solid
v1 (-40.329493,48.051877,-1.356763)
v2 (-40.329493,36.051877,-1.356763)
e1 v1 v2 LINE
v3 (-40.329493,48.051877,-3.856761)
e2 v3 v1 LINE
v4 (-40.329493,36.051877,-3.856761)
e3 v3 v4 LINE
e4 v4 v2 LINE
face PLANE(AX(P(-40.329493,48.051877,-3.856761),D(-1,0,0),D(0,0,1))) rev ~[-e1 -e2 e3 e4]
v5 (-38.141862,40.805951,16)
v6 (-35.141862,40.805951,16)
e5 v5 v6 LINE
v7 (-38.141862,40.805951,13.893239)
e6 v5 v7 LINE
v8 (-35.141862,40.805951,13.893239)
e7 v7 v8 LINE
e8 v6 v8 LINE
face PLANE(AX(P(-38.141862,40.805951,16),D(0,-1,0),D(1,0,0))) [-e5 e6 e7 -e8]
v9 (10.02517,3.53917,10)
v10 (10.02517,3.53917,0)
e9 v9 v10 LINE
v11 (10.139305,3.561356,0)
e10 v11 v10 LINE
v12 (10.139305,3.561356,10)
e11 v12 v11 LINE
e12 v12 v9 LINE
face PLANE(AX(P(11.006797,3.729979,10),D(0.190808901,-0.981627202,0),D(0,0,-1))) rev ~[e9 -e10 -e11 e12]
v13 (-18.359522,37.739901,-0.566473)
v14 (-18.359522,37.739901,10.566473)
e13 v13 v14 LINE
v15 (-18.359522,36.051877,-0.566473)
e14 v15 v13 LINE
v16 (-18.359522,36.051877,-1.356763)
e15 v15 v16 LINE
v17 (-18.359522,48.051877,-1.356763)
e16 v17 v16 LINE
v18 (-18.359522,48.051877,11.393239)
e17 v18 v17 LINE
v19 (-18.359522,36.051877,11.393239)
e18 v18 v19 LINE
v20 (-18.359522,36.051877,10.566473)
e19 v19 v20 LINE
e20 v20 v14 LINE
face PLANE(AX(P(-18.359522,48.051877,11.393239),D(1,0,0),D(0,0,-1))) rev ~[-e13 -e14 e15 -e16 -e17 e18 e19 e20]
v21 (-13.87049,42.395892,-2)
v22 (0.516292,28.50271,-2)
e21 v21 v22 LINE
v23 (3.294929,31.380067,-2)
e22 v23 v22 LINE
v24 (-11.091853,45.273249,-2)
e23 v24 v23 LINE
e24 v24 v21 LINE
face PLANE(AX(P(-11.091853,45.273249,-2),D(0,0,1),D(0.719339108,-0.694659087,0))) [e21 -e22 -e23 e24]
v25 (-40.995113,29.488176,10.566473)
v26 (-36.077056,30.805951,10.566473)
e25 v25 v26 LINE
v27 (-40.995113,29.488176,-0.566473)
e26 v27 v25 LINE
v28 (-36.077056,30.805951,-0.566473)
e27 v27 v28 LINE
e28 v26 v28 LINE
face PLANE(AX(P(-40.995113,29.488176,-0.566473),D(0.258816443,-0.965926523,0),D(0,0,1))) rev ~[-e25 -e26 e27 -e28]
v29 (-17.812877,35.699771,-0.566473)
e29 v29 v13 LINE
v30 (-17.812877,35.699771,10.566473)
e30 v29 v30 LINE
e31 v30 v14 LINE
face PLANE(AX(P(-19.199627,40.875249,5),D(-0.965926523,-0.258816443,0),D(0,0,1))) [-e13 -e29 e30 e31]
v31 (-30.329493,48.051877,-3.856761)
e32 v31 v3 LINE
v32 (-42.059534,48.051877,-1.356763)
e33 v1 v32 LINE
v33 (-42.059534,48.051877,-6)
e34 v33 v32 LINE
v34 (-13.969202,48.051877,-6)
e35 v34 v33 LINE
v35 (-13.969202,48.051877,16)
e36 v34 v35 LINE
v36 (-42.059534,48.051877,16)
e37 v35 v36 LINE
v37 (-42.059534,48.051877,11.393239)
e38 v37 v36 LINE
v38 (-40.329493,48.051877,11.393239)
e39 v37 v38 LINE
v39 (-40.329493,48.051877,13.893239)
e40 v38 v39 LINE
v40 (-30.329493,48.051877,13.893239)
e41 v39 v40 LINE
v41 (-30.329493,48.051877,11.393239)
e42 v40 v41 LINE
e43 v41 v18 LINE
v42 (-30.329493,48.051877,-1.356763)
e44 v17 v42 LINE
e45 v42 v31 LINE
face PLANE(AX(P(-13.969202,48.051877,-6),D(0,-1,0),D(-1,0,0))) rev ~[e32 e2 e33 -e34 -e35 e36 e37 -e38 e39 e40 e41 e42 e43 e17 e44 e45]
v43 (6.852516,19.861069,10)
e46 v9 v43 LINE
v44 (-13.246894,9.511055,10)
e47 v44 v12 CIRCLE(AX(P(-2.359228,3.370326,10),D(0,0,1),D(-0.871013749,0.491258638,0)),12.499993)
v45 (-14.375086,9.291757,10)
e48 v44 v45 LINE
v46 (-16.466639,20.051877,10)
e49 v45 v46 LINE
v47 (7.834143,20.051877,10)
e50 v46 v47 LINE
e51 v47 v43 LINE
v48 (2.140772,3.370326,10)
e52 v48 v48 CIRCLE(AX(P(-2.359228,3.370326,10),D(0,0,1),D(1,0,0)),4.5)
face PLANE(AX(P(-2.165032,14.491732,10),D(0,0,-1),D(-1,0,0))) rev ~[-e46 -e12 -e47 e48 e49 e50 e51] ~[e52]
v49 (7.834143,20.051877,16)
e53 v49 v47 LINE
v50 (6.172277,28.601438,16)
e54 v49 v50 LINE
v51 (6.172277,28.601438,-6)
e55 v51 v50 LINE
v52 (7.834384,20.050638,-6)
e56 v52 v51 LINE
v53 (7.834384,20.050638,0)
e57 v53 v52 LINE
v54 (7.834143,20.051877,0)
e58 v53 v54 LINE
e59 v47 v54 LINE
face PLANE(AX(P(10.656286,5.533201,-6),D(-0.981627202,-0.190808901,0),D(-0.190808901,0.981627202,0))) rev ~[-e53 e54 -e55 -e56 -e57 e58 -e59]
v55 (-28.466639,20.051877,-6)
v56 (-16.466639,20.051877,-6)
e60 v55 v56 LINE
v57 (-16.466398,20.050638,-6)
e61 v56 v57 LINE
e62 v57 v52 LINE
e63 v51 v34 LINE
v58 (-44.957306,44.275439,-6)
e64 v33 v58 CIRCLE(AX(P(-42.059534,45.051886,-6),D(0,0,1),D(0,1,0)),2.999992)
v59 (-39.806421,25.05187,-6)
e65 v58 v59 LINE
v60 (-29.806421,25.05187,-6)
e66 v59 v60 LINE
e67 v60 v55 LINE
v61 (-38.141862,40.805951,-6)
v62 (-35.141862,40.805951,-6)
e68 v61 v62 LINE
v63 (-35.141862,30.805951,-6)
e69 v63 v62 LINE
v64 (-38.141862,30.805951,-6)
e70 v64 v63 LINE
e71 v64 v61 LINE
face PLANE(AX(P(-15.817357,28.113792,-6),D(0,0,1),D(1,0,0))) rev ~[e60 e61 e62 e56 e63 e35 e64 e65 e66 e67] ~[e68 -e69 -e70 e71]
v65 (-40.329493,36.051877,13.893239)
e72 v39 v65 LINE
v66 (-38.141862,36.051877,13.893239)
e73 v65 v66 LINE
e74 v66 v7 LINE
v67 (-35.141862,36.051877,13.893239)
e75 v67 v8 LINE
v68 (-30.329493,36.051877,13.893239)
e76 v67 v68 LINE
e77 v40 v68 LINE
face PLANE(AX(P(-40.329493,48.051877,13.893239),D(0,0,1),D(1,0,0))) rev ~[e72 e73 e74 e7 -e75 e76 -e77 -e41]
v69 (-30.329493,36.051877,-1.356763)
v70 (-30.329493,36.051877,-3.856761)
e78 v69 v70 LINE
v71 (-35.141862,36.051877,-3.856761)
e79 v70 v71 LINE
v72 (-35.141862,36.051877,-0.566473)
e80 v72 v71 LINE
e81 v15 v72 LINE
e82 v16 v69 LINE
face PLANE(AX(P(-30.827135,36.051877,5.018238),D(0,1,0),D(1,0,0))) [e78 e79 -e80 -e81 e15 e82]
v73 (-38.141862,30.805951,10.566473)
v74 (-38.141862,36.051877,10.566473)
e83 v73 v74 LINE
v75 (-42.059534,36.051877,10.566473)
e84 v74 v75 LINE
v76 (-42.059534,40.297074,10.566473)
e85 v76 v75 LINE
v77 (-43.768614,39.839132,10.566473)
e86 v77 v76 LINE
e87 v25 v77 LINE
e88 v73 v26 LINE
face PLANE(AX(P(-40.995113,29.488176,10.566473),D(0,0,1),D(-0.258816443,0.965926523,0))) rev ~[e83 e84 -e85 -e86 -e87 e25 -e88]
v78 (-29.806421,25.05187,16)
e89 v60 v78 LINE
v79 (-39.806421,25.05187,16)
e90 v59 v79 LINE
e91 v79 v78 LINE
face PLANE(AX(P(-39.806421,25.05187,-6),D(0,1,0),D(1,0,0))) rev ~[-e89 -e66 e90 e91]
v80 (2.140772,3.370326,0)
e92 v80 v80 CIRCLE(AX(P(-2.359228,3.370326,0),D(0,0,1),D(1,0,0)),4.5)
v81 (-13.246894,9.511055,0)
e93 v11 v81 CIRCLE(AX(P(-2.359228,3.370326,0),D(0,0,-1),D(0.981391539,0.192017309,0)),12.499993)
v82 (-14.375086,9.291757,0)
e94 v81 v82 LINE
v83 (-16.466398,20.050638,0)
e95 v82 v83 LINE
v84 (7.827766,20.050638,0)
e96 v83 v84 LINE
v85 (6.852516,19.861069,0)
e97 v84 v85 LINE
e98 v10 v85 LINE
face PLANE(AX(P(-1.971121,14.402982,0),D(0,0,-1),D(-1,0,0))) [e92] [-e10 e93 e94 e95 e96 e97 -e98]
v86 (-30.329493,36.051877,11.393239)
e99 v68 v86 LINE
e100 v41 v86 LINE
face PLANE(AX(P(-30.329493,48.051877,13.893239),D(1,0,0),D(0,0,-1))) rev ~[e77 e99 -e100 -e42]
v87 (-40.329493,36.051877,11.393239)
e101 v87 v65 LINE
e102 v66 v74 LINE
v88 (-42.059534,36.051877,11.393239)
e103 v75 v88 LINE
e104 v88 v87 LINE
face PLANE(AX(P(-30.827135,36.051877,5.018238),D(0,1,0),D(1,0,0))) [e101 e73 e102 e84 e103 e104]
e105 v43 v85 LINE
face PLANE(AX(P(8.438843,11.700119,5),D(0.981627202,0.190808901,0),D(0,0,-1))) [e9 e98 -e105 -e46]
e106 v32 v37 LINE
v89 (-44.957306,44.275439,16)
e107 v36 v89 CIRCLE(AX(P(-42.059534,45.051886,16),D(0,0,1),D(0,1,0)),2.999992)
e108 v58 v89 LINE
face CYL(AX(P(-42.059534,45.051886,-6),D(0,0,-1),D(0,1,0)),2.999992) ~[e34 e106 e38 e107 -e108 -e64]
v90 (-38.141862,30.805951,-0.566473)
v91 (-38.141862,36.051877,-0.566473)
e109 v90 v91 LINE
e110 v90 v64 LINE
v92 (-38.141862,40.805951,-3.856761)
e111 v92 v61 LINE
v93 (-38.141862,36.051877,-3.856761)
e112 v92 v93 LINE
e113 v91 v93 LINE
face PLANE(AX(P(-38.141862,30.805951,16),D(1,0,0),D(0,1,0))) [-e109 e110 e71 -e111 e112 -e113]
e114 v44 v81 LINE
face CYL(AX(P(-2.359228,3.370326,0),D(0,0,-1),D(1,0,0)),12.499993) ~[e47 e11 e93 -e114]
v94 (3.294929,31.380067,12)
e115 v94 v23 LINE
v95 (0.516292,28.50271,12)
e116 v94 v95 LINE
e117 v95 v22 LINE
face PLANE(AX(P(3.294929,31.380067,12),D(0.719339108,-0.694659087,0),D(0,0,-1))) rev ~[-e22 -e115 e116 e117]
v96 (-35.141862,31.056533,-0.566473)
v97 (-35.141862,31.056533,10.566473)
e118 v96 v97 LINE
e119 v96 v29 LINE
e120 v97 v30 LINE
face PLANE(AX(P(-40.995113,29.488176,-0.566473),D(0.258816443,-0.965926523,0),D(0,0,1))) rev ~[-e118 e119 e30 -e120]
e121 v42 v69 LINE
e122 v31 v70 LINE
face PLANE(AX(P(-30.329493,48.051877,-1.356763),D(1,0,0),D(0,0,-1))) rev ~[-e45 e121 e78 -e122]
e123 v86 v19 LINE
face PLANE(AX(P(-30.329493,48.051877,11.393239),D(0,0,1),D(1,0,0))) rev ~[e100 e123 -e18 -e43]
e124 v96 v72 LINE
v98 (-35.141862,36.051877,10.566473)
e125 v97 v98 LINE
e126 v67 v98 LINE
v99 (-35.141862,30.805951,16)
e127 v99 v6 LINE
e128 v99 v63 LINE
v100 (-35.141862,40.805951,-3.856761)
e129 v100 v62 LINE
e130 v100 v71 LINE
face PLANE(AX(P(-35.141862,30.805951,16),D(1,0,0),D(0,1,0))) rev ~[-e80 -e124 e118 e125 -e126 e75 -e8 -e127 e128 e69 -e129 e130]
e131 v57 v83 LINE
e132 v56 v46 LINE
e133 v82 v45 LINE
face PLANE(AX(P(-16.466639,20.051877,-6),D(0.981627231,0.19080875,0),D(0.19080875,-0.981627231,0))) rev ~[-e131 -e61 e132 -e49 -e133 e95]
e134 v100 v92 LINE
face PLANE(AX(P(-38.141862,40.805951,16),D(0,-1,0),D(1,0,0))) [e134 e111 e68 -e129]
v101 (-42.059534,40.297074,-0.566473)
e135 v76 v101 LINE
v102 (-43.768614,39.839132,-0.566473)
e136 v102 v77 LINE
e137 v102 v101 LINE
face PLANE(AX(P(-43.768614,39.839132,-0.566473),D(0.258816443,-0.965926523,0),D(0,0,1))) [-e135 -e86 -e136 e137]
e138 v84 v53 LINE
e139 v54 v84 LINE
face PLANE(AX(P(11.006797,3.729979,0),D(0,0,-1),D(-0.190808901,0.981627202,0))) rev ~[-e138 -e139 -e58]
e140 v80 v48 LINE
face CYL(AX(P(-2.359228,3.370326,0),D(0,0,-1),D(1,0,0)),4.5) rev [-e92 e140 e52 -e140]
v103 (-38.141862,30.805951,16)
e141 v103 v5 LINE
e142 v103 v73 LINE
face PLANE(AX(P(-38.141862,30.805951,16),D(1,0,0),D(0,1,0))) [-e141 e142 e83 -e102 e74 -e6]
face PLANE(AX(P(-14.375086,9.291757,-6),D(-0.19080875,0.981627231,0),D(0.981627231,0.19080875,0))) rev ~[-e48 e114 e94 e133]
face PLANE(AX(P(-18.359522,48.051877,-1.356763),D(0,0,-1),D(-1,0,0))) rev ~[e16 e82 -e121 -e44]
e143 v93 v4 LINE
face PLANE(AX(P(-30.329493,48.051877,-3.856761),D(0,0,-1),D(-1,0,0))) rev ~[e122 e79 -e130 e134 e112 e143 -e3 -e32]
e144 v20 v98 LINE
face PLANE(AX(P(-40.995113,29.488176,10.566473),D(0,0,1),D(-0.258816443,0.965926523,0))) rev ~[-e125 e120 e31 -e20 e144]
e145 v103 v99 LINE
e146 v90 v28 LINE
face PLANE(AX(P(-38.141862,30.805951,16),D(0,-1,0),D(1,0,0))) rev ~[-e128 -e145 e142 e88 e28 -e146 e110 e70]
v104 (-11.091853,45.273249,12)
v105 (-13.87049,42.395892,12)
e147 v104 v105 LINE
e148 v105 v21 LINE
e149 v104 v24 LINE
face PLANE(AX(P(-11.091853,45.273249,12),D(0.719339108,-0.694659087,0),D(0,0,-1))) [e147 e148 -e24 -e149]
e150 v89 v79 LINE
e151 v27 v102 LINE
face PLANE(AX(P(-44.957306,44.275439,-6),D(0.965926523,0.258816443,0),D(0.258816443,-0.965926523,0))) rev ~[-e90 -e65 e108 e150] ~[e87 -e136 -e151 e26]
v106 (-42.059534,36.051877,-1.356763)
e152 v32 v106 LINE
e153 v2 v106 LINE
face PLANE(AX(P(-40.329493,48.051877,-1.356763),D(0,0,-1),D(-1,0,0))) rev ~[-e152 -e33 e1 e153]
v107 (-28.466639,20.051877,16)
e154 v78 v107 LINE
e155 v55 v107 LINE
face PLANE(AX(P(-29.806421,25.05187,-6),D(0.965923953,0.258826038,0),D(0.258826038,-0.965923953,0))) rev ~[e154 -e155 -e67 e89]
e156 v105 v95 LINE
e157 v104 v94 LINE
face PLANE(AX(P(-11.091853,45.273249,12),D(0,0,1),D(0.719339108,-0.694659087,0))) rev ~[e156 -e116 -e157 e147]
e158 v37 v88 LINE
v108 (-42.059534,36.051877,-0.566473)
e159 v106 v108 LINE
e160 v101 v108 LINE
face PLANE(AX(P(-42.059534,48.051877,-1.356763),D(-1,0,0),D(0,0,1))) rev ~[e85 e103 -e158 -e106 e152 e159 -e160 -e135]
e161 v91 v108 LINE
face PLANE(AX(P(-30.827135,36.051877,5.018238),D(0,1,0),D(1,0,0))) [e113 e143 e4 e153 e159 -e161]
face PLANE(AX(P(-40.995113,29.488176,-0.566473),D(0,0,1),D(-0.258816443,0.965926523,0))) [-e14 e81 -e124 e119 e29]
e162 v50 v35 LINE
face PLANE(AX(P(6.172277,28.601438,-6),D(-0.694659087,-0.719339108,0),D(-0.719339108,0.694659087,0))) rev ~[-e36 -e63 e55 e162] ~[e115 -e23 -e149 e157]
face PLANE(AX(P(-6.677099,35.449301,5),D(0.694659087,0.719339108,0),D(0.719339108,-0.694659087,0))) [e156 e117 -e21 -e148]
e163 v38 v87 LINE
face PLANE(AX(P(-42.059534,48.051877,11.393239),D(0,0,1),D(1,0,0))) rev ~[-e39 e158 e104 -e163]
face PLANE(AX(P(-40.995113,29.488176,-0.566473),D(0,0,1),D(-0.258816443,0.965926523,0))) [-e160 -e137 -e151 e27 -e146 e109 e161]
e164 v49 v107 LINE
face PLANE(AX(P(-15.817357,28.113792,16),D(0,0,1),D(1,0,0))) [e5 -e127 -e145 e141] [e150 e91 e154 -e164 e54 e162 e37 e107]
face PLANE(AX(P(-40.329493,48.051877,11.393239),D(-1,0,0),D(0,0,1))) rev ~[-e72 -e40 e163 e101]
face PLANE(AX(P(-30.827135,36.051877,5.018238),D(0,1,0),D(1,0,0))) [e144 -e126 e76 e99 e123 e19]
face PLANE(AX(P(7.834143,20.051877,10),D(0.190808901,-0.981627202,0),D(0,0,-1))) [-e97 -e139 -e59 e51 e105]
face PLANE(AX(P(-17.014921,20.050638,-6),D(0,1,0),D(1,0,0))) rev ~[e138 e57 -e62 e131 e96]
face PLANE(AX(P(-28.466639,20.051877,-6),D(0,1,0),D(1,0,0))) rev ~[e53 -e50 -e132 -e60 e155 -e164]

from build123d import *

# Parameters (mm, degrees)
SKETCH1_R                = 12.499992756
SKETCH1_R_2              = 4.5
BOSS_EXTRUDE1_DEPTH      = 10
BOSS_EXTRUDE2_DEPTH      = 11
BOSS_EXTRUDE2_DEPTH_BACK = 11
SKETCH7_W                = 11.132946344
SKETCH7_H                = 10.716090789
CUT_EXTRUDE1_DEPTH       = 24
CUT_EXTRUDE2_DEPTH       = 12
SKETCH9_W                = 20
SKETCH9_H                = 14
CUT_EXTRUDE3_DEPTH       = 4
SKETCH11_W               = 3
SKETCH11_H               = 10
CUT_EXTRUDE6_DEPTH       = 29
CUT_EXTRUDE7_DEPTH       = 6
CUT_EXTRUDE8_DEPTH       = 6
SKETCH14_W               = 10
SKETCH14_H               = 16.627390186
CUT_EXTRUDE11_DEPTH      = 1


with BuildPart() as part:
    # Sketch1 → Boss-Extrude1 (new body)
    with BuildSketch(Plane.XY):
        with Locations((-2.359227986, 3.370325694)):
            Circle(SKETCH1_R)
        with Locations((-2.359227986, 3.370325694)):
            Circle(SKETCH1_R_2, mode=Mode.SUBTRACT)
    extrude(amount=BOSS_EXTRUDE1_DEPTH)

    # Sketch2 → Boss-Extrude2 (add, two sides: drawn at the far end of the back side and taken through both)
    with BuildSketch(Plane.XY.offset(5).offset(-BOSS_EXTRUDE2_DEPTH_BACK)):
        with BuildLine():
            Line((-16.466638632, 20.051877412), (-14.375085898, 9.29175702))
            Line((-14.375085898, 9.29175702), (-13.02590258, 9.55401134))
            ThreePointArc((-13.02590258, 9.55401134), (-0.090713324, 14.688621829), (10.07529252, 5.184113893))
            Line((10.07529252, 5.184113893), (10.656286173, 5.533200654))
            Line((10.656286173, 5.533200654), (6.172277384, 28.601437959))
            Line((6.172277384, 28.601437959), (-13.969202109, 48.051877412))
            Line((-13.969202109, 48.051877412), (-42.05953414, 48.051877412))
            ThreePointArc((-42.05953414, 48.051877412), (-44.439585044, 46.878168187), (-44.957305605, 44.275438644))
            Line((-44.957305605, 44.275438644), (-39.806421347, 25.051869783))
            Line((-39.806421347, 25.051869783), (-29.806421347, 25.051869783))
            Line((-29.806421347, 25.051869783), (-28.466638632, 20.051877412))
            Line((-28.466638632, 20.051877412), (-16.466638632, 20.051877412))
        make_face()
    extrude(amount=BOSS_EXTRUDE2_DEPTH + BOSS_EXTRUDE2_DEPTH_BACK)

    # Sketch7 → Cut-Extrude1 (cut)
    with BuildSketch(Plane(origin=(-30.87704133, -8.273389154, 0), x_dir=(0, 0, 1), z_dir=(-0.9659265233912161, -0.2588164434678725, 0))):
        with Locations((5, 44.451666175)):
            Rectangle(SKETCH7_W, SKETCH7_H)
    extrude(amount=-CUT_EXTRUDE1_DEPTH, mode=Mode.SUBTRACT)

    # Sketch8 → Cut-Extrude2 (cut)
    with BuildSketch(Plane(origin=(0, 48.051877412, 0), x_dir=(1, 0, 0), z_dir=(0, 1, 0))):
        Polygon((-42.05953414, 1.356763346), (-42.05953414, -11.393238561), (-40.329492636, -11.393238561), (-40.329492636, -13.893238561), (-30.329492636, -13.893238561), (-30.329492636, -11.393238561), (-18.359521933, -11.393238561), (-18.359521933, 1.356763346), (-30.329492636, 1.356763346), (-30.329492636, 3.856761439), (-40.329492636, 3.856761439), (-40.329492636, 1.356763346), align=None)
    extrude(amount=-CUT_EXTRUDE2_DEPTH, mode=Mode.SUBTRACT)

    # Sketch9 → Cut-Extrude3 (cut)
    with BuildSketch(Plane(origin=(17.270448516, 17.884037296, 0), x_dir=(0.7193391079113861, -0.6946590874877052, 0), z_dir=(0.6946590874877052, 0.7193391079113861, 0))):
        with Locations((-29.428277492, -5)):
            Rectangle(SKETCH9_W, SKETCH9_H)
    extrude(amount=-CUT_EXTRUDE3_DEPTH, mode=Mode.SUBTRACT)

    # Sketch11 → Cut-Extrude6 (cut)
    with BuildSketch(Plane.XY.offset(16)):
        with Locations((-36.641862234, 35.805951308)):
            Rectangle(SKETCH11_W, SKETCH11_H)
    extrude(amount=-CUT_EXTRUDE6_DEPTH, mode=Mode.SUBTRACT)

    # Sketch12 → Cut-Extrude7 (cut)
    with BuildSketch(Plane(origin=(0, 0, -6), x_dir=(-1, 0, 0), z_dir=(0, 0, -1))):
        with BuildLine():
            Line((-11.615804928, 5.778217556), (-10.049600589, 4.877240525))
            ThreePointArc((-10.049600589, 4.877240525), (0.290903423, 13.095654553), (13.015538376, 9.552771876))
            Line((13.015538376, 9.552771876), (14.90302776, 9.185881295))
            Line((14.90302776, 9.185881295), (17.014921429, 20.050637947))
            Line((17.014921429, 20.050637947), (-8.841528869, 20.050637947))
            Line((-8.841528869, 20.050637947), (-11.615804928, 5.778217556))
        make_face()
    extrude(amount=-CUT_EXTRUDE7_DEPTH, mode=Mode.SUBTRACT)

    # Sketch13 → Cut-Extrude8 (cut)
    with BuildSketch(Plane.XY.offset(16)):
        with BuildLine():
            Line((-13.02590258, 9.55401134), (-14.375085898, 9.29175702))
            Line((-14.375085898, 9.29175702), (-16.466638632, 20.051877412))
            Line((-16.466638632, 20.051877412), (7.83414275, 20.051877412))
            Line((7.83414275, 20.051877412), (10.656286173, 5.533200654))
            Line((10.656286173, 5.533200654), (10.07529252, 5.184113893))
            ThreePointArc((10.07529252, 5.184113893), (-0.363045865, 13.248952536), (-13.02590258, 9.55401134))
        make_face()
    extrude(amount=-CUT_EXTRUDE8_DEPTH, mode=Mode.SUBTRACT)

    # Sketch14 → Cut-Extrude11 (cut)
    with BuildSketch(Plane(origin=(11.304697945, 2.197409549, 0), x_dir=(0, 0, -1), z_dir=(0.9816272018550709, 0.1908089006786217, 0))):
        with Locations((-5, 9.874949057)):
            Rectangle(SKETCH14_W, SKETCH14_H)
    extrude(amount=-CUT_EXTRUDE11_DEPTH, mode=Mode.SUBTRACT)


solid = part.part
